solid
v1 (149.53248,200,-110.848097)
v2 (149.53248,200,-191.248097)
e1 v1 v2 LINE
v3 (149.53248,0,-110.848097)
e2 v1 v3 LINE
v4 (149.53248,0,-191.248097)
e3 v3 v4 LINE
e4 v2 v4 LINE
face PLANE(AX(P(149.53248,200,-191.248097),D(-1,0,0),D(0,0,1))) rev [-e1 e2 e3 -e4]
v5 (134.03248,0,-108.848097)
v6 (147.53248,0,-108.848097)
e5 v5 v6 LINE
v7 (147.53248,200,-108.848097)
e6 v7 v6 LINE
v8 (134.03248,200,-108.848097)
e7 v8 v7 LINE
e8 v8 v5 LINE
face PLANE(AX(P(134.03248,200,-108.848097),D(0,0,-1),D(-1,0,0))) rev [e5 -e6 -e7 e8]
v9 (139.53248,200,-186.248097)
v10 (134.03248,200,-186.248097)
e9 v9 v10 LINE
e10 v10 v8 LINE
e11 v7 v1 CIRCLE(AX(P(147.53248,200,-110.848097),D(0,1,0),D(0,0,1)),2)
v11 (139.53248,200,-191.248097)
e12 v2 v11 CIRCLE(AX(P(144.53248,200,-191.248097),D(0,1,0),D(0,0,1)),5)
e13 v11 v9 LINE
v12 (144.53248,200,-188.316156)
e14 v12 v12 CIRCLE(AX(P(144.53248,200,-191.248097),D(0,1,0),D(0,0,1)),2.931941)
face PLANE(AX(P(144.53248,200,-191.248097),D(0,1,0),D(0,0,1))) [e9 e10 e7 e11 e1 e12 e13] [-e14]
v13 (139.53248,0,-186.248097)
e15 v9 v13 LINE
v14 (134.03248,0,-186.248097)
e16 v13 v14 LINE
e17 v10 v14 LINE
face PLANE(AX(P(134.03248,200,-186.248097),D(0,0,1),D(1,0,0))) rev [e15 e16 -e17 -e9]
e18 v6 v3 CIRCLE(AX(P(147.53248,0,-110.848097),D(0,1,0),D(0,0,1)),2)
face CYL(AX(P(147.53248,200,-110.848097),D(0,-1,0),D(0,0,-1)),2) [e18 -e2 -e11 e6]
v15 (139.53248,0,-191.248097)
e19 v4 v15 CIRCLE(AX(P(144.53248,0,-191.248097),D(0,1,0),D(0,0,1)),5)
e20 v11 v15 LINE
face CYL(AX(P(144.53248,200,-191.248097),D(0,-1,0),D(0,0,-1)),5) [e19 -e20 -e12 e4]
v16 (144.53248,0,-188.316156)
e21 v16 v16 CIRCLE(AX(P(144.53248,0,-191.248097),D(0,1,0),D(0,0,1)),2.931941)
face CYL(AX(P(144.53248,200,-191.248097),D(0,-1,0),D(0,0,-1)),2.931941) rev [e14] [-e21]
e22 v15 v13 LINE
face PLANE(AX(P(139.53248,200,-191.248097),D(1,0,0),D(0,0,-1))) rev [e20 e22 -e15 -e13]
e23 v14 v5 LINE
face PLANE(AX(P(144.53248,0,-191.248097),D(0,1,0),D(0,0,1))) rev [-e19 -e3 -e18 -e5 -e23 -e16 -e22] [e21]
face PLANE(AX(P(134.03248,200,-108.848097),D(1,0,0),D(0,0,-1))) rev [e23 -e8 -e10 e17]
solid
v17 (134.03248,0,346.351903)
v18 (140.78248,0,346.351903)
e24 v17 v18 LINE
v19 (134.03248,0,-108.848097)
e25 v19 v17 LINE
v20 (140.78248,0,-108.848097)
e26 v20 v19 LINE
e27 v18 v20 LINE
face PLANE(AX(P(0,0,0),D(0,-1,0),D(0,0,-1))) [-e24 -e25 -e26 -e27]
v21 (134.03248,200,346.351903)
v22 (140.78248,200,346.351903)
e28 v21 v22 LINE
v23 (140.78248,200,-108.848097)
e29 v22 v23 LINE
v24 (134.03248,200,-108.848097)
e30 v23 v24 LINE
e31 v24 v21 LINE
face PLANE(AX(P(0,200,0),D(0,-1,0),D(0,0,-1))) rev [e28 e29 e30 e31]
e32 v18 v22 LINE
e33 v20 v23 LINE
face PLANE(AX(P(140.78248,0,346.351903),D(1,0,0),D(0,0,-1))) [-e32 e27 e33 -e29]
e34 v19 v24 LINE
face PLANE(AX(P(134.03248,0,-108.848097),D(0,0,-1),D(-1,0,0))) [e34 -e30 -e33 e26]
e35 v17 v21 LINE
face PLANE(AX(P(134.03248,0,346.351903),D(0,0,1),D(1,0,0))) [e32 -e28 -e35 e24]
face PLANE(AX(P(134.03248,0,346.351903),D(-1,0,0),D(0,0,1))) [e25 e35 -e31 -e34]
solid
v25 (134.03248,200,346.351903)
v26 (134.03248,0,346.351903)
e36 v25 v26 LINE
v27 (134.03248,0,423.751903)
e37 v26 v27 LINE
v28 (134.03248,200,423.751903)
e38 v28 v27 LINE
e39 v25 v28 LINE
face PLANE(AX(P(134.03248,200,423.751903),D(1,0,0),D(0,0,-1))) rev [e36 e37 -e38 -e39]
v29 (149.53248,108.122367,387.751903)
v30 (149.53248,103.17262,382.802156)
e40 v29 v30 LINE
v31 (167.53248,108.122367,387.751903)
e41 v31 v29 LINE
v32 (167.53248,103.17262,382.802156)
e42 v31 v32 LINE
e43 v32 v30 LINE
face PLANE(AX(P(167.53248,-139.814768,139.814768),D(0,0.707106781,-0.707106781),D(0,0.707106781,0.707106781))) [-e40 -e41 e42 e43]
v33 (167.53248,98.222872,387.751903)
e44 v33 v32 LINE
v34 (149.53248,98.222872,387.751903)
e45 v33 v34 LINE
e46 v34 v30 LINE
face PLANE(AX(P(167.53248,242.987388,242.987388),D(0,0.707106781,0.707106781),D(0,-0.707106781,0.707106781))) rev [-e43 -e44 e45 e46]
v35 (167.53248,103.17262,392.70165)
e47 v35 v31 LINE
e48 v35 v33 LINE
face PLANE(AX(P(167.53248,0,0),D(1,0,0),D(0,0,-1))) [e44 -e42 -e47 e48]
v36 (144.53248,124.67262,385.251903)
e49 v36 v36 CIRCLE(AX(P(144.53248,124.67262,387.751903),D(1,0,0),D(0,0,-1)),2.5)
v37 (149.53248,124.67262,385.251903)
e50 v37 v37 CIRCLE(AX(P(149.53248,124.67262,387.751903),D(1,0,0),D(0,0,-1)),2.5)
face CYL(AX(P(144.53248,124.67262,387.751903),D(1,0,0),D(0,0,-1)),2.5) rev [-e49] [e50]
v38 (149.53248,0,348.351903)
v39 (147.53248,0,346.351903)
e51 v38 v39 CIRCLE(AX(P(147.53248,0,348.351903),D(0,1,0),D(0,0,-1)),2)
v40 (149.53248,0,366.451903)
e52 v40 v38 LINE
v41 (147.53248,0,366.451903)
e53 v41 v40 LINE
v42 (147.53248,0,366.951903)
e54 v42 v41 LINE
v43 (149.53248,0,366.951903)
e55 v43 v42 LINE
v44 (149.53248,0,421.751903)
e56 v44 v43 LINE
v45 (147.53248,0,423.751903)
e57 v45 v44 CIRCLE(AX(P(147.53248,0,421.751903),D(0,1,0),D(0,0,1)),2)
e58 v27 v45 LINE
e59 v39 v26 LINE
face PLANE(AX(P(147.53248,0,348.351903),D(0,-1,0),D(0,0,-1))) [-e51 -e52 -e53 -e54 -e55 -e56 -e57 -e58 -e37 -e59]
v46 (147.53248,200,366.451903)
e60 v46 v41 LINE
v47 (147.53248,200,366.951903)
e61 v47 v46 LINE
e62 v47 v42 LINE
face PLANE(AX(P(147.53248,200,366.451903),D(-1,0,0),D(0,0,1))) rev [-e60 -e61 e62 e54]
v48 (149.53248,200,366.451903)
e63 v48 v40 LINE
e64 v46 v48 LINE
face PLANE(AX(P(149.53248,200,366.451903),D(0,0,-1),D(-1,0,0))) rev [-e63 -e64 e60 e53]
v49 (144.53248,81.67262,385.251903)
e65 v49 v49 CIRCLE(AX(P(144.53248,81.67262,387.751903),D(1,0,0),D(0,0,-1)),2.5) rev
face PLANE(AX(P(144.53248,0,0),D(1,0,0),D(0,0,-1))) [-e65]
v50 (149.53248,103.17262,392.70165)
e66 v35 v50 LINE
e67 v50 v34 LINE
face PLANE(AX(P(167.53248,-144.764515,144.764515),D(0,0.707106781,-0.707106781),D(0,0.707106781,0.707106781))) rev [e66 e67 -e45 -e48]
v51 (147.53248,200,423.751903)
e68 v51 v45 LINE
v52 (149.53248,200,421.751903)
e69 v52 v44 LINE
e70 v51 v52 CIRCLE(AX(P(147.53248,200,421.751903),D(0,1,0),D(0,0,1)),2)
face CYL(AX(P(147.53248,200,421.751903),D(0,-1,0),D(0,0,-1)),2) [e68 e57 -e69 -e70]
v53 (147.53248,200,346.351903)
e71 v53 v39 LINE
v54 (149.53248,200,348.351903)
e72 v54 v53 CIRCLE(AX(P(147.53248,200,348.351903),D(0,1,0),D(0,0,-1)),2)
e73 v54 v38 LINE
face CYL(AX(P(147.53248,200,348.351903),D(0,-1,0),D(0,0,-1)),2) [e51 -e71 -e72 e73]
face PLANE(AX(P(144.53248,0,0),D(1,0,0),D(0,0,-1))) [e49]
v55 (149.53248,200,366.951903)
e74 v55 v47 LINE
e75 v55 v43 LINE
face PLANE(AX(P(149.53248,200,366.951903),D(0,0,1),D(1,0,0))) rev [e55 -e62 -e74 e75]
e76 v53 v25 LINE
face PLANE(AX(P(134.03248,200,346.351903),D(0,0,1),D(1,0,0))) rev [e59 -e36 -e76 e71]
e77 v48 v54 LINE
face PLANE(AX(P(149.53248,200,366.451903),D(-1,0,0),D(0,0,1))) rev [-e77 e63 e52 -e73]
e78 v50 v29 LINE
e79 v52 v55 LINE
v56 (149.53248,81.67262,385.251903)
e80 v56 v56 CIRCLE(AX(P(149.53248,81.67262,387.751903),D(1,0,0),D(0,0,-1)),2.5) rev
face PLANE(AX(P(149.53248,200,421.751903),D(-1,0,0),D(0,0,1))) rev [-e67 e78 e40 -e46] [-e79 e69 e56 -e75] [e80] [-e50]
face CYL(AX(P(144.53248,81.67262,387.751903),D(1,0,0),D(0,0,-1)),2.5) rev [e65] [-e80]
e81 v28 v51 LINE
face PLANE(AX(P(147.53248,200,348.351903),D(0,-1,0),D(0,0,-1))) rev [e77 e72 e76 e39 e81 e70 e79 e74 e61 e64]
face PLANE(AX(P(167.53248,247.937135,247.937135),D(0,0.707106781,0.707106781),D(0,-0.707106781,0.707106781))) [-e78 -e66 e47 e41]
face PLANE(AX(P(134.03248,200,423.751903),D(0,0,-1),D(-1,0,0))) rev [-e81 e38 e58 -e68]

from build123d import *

# Parameters (mm, degrees)
SKETCH_1_R          = 2.931940553
EXTRUDE_1_DEPTH     = 200
EXTRUDE_1_2_DEPTH   = 200
SKETCH_2_W          = 6.75
SKETCH_2_H          = 455.2
EXTRUDE_2_DEPTH     = 200
EXTRUDE_3_DEPTH     = 18
SKETCH_3_3_R        = 2.5
CUT_EXTRUDE_1_DEPTH = 5


with BuildPart() as part:
    # Эскиз1 → Бобышка-Вытянуть1 (new body)
    with BuildSketch(Plane(origin=(0, 0, 0), x_dir=(1, 0, 0), z_dir=(0, 1, 0))):
        with BuildLine():
            Line((134.032480032, 108.848097027), (147.532480032, 108.848097027))
            ThreePointArc((147.532480032, 108.848097027), (148.946693595, 109.433883464), (149.532480032, 110.848097027))
            Line((149.532480032, 110.848097027), (149.532480032, 184.248097027))
            Line((149.532480032, 184.248097027), (149.532480032, 191.248097027))
            ThreePointArc((149.532480032, 191.248097027), (144.532480032, 196.248097027), (139.532480032, 191.248097027))
            Line((139.532480032, 191.248097027), (139.532480032, 186.248097027))
            Line((139.532480032, 186.248097027), (134.032480032, 186.248097027))
            Line((134.032480032, 186.248097027), (134.032480032, 108.848097027))
        make_face()
        with Locations((144.532480032, 191.248097027)):
            Circle(SKETCH_1_R, mode=Mode.SUBTRACT)
    extrude(amount=EXTRUDE_1_DEPTH)


with BuildPart() as body_2:
    # Эскиз1 → Extrude 1 2 (new body)
    with BuildSketch(Plane(origin=(0, 0, 0), x_dir=(1, 0, 0), z_dir=(0, 1, 0))):
        with BuildLine():
            Line((134.032480032, -423.751902973), (147.532480032, -423.751902973))
            ThreePointArc((147.532480032, -423.751902973), (148.946693595, -423.166116536), (149.532480032, -421.751902973))
            Line((149.532480032, -421.751902973), (149.532480032, -366.951902973))
            Line((149.532480032, -366.951902973), (147.532480032, -366.951902973))
            Line((147.532480032, -366.951902973), (147.532480032, -366.451902973))
            Line((147.532480032, -366.451902973), (149.532480032, -366.451902973))
            Line((149.532480032, -366.451902973), (149.532480032, -348.351902973))
            ThreePointArc((149.532480032, -348.351902973), (148.946693595, -346.937689411), (147.532480032, -346.351902973))
            Line((147.532480032, -346.351902973), (134.032480032, -346.351902973))
            Line((134.032480032, -346.351902973), (134.032480032, -423.751902973))
        make_face()
    extrude(amount=EXTRUDE_1_2_DEPTH)

    # Эскиз3 → Бобышка-Вытянуть3 (add)
    with BuildSketch(Plane(origin=(149.532480032, 0, 0), x_dir=(0, 0, -1), z_dir=(1, 0, 0))):
        Polygon((-387.751902973, 108.122367155), (-392.701650442, 103.172619686), (-387.751902973, 98.222872218), (-382.802155505, 103.172619686), align=None)
    extrude(amount=EXTRUDE_3_DEPTH)

    # Эскиз3<3> → Вырез-Вытянуть1 (cut)
    with BuildSketch(Plane(origin=(149.532480032, 0, 0), x_dir=(0, 0, -1), z_dir=(1, 0, 0))):
        with Locations((-387.751902973, 124.672619686)):
            Circle(SKETCH_3_3_R)
        with Locations((-387.751902973, 81.672619686)):
            Circle(SKETCH_3_3_R)
    extrude(amount=-CUT_EXTRUDE_1_DEPTH, mode=Mode.SUBTRACT)


with BuildPart() as body_3:
    # Эскиз2 → Бобышка-Вытянуть2 (new body)
    with BuildSketch(Plane(origin=(0, 200, 0), x_dir=(1, 0, 0), z_dir=(0, 1, 0))):
        with Locations((137.407480032, -118.751902973)):
            Rectangle(SKETCH_2_W, SKETCH_2_H)
    extrude(amount=-EXTRUDE_2_DEPTH)


solid = Compound([part.part, body_2.part, body_3.part])
